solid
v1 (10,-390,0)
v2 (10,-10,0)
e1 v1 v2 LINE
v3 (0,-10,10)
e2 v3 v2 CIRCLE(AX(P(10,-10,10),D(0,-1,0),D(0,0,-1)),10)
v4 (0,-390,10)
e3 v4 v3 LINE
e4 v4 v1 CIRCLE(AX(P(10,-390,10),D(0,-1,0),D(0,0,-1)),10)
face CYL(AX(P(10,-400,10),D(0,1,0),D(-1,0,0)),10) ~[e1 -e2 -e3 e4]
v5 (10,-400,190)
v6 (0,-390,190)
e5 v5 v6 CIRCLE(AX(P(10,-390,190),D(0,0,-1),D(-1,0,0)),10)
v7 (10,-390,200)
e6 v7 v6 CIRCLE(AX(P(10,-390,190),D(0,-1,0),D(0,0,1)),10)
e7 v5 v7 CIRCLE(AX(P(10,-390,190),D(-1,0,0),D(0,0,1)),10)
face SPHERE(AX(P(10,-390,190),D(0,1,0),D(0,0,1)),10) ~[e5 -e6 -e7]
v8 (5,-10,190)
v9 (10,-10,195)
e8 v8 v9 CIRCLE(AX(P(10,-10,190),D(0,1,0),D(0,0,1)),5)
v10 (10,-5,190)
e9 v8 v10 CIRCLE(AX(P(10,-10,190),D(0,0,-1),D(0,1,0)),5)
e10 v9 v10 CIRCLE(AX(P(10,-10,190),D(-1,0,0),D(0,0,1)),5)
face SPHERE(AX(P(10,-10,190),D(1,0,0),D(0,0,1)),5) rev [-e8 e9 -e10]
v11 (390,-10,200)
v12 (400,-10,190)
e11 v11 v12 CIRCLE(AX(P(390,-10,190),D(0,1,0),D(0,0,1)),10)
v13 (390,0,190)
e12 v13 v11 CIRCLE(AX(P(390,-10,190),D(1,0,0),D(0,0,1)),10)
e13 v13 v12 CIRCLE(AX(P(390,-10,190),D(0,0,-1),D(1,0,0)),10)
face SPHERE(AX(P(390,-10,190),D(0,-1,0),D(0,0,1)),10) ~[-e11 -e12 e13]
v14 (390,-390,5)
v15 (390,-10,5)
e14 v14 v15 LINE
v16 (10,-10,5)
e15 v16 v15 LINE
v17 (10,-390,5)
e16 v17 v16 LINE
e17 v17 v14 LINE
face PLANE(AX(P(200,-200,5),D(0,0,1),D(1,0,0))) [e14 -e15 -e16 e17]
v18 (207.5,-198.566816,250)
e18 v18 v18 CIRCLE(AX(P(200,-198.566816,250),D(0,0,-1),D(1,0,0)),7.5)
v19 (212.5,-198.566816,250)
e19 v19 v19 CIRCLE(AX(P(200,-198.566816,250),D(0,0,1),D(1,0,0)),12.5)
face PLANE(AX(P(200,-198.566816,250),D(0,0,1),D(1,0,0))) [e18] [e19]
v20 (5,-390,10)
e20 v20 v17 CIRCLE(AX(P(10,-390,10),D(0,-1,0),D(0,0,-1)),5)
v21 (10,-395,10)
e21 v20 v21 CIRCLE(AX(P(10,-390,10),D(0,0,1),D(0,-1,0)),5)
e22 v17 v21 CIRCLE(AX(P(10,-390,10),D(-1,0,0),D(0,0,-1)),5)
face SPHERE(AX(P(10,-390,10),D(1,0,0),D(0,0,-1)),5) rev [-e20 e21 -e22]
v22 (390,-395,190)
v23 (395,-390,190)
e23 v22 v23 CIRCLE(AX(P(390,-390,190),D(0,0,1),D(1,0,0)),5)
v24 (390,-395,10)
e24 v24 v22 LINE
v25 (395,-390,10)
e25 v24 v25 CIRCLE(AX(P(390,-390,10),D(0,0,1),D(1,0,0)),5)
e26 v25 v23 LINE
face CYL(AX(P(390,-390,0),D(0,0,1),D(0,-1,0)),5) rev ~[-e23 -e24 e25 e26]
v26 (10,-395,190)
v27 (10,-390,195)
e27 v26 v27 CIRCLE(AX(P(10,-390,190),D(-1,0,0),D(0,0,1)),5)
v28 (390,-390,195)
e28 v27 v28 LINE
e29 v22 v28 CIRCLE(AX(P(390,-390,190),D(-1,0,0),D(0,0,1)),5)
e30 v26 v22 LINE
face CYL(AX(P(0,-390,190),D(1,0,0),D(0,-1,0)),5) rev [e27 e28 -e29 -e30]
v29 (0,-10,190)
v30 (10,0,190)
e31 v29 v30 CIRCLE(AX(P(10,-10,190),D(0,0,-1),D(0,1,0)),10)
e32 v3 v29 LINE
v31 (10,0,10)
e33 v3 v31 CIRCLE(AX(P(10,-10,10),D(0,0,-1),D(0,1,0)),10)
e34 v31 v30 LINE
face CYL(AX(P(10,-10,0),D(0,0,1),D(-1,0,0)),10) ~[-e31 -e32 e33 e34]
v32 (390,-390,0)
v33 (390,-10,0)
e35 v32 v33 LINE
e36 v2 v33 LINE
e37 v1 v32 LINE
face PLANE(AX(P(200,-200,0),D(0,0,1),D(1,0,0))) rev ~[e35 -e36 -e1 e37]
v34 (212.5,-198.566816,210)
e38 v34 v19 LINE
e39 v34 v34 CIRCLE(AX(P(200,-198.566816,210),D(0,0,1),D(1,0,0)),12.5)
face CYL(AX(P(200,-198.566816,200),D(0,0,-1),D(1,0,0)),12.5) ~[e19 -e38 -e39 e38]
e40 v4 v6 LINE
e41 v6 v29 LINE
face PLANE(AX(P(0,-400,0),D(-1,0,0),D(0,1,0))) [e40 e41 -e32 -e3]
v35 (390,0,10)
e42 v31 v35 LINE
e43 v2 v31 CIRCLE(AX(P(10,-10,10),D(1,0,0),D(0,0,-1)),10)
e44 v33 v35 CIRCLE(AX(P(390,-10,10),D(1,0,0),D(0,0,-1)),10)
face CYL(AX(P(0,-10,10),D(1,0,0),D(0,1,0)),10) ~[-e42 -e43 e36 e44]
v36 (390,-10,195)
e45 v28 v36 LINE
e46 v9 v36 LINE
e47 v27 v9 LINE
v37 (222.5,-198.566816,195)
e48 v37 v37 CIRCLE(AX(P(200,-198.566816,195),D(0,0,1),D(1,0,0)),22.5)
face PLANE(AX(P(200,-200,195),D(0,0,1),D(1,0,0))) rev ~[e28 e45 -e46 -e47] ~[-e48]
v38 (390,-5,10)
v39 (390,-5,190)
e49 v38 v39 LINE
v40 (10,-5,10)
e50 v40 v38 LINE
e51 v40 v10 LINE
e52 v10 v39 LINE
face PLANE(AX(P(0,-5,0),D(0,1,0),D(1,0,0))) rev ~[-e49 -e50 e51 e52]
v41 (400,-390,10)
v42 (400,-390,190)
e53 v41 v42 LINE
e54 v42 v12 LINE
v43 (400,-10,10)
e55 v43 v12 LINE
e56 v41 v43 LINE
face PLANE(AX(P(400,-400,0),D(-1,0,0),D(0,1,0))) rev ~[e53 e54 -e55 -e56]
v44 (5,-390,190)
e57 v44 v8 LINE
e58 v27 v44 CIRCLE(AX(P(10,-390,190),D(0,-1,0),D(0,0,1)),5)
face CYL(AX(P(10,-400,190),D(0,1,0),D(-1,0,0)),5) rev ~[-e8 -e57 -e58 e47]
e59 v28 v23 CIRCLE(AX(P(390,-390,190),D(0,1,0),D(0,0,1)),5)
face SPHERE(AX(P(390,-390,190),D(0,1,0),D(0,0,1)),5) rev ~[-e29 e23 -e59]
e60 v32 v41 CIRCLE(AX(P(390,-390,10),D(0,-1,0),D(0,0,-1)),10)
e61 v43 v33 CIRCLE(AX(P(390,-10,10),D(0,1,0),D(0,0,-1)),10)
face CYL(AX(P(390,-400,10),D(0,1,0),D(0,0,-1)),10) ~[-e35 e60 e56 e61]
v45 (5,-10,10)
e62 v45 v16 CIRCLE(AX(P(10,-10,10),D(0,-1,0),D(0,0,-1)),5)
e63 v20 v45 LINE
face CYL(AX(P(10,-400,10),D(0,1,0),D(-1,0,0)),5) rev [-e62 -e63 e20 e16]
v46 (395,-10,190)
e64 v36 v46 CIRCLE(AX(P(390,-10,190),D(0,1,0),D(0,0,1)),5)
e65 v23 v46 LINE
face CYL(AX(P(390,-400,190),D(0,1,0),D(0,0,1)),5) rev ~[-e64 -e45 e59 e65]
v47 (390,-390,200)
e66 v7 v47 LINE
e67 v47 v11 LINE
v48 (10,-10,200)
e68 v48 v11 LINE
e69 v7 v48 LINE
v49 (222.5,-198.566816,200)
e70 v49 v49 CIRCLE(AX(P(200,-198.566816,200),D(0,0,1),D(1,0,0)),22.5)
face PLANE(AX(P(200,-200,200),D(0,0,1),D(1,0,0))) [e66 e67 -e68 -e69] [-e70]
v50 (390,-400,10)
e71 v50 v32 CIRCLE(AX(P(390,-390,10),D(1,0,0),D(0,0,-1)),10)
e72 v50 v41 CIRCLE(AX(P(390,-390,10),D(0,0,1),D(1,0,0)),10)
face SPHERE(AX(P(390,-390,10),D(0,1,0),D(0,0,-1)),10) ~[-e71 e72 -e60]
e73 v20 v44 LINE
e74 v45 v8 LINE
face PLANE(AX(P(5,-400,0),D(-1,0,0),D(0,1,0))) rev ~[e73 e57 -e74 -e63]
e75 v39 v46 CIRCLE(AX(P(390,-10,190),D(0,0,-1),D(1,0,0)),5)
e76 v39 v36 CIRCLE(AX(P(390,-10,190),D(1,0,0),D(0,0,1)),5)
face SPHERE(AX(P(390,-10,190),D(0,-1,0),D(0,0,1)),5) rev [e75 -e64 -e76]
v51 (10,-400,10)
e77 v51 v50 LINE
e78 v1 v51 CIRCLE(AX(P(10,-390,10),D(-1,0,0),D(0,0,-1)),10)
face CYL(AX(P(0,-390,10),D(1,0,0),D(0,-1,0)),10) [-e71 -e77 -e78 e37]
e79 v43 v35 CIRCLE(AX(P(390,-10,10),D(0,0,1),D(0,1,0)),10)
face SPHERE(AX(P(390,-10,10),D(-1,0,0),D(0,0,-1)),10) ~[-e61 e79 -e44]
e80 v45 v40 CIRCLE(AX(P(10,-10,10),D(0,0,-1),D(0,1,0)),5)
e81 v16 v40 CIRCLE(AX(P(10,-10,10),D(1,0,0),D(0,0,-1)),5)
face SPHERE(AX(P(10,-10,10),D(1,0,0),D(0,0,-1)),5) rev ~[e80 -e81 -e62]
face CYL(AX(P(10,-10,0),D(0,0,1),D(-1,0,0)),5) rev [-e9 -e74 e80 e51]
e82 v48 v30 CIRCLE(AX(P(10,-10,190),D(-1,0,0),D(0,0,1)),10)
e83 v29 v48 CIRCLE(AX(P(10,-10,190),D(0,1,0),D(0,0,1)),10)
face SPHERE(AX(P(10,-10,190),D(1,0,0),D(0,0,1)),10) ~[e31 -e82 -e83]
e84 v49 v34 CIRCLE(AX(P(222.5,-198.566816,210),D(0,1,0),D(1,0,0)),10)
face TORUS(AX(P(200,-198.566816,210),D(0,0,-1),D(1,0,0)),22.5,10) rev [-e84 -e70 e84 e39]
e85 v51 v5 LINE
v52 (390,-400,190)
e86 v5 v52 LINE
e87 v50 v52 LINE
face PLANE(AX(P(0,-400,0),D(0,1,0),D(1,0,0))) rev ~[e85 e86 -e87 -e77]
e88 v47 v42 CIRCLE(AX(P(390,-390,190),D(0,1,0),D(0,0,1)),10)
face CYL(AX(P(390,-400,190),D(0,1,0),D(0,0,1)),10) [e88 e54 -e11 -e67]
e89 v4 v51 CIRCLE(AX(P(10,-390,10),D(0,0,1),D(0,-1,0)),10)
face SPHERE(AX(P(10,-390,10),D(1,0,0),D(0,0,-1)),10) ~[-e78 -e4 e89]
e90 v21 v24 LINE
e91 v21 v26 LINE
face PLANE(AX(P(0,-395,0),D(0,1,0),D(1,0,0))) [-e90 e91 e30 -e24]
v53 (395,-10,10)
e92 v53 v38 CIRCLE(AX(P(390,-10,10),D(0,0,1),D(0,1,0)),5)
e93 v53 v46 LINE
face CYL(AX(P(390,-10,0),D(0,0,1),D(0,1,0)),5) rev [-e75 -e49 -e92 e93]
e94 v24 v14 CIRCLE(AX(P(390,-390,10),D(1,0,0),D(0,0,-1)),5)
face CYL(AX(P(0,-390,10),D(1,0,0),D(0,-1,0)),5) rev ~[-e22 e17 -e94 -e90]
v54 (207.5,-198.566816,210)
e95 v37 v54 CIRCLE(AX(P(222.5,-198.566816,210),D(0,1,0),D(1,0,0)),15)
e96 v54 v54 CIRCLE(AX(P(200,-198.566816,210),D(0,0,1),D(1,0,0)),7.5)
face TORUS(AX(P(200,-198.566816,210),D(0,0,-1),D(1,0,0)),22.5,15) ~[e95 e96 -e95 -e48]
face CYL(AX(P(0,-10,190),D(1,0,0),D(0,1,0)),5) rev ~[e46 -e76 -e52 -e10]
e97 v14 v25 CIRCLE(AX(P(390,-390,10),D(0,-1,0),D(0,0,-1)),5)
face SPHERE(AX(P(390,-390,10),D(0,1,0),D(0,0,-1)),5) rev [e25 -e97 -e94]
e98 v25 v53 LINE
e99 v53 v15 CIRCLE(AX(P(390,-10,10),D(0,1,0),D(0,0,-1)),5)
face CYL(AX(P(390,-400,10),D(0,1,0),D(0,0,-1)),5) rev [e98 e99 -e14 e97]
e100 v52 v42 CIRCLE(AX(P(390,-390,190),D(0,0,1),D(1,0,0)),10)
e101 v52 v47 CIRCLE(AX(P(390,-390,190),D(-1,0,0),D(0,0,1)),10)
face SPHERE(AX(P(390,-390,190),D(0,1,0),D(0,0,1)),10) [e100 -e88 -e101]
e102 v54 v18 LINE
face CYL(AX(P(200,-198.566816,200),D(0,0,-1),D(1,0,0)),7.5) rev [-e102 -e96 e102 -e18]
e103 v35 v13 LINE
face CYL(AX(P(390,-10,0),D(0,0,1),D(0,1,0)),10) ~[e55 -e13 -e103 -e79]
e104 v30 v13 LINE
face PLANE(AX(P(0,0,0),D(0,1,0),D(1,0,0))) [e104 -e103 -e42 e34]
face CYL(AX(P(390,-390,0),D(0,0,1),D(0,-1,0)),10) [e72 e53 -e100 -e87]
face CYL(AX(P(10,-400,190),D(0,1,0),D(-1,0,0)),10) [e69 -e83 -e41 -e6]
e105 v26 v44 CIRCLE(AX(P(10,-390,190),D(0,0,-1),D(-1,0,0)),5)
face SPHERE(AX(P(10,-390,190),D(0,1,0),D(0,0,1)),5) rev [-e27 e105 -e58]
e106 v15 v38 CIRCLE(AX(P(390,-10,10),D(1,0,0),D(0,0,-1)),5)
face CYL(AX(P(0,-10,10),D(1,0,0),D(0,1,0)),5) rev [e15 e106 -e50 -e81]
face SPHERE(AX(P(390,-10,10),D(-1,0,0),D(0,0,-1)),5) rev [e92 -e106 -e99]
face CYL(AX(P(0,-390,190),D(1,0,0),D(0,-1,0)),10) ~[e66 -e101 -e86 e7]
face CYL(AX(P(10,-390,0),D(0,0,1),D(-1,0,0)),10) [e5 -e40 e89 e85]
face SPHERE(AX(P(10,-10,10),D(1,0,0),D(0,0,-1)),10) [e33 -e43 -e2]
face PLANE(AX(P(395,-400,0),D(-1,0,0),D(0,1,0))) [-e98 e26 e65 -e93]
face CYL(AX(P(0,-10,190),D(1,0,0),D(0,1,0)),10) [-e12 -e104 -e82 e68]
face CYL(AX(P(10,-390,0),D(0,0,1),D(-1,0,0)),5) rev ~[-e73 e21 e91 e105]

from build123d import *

# Parameters (mm, degrees)
SKETCH_1_W      = 400
SKETCH_1_H      = 400
EXTRUDE_1_DEPTH = 200
SKETCH_2_R      = 12.5
EXTRUDE_2_DEPTH = 50
FILLET_1_R      = 10
SHELL_1_T       = -5


with BuildPart() as part:
    # 스케치1 → 보스-돌출1 (new body)
    with BuildSketch(Plane.XY):
        with Locations((200, -200)):
            Rectangle(SKETCH_1_W, SKETCH_1_H)
    extrude(amount=EXTRUDE_1_DEPTH)

    # 스케치2 → 보스-돌출2 (add)
    with BuildSketch(Plane.XY.offset(200)):
        with Locations((200, -198.566815637)):
            Circle(SKETCH_2_R)
    extrude(amount=EXTRUDE_2_DEPTH)

    # 필렛1
    fillet_1_edges = [part.edges().sort_by_distance(p)[0] for p in [
        (400, -200, 200),
        (200, 0, 200),
        (187.5, -198.566815637, 200),
        (0, -200, 200),
        (200, 0, 0),
        (400, -200, 0),
        (200, -400, 0),
        (0, -200, 0),
        (200, -400, 200),
        (0, 0, 100),
        (400, 0, 100),
        (400, -400, 100),
        (0, -400, 100),
    ]]
    fillet(fillet_1_edges, radius=FILLET_1_R)

    # 쉘1
    shell_1_openings = [part.faces().sort_by_distance(p)[0] for p in [
        (200, -198.566815637, 250),
    ]]
    offset(amount=SHELL_1_T, openings=shell_1_openings, kind=Kind.INTERSECTION)


solid = part.part
